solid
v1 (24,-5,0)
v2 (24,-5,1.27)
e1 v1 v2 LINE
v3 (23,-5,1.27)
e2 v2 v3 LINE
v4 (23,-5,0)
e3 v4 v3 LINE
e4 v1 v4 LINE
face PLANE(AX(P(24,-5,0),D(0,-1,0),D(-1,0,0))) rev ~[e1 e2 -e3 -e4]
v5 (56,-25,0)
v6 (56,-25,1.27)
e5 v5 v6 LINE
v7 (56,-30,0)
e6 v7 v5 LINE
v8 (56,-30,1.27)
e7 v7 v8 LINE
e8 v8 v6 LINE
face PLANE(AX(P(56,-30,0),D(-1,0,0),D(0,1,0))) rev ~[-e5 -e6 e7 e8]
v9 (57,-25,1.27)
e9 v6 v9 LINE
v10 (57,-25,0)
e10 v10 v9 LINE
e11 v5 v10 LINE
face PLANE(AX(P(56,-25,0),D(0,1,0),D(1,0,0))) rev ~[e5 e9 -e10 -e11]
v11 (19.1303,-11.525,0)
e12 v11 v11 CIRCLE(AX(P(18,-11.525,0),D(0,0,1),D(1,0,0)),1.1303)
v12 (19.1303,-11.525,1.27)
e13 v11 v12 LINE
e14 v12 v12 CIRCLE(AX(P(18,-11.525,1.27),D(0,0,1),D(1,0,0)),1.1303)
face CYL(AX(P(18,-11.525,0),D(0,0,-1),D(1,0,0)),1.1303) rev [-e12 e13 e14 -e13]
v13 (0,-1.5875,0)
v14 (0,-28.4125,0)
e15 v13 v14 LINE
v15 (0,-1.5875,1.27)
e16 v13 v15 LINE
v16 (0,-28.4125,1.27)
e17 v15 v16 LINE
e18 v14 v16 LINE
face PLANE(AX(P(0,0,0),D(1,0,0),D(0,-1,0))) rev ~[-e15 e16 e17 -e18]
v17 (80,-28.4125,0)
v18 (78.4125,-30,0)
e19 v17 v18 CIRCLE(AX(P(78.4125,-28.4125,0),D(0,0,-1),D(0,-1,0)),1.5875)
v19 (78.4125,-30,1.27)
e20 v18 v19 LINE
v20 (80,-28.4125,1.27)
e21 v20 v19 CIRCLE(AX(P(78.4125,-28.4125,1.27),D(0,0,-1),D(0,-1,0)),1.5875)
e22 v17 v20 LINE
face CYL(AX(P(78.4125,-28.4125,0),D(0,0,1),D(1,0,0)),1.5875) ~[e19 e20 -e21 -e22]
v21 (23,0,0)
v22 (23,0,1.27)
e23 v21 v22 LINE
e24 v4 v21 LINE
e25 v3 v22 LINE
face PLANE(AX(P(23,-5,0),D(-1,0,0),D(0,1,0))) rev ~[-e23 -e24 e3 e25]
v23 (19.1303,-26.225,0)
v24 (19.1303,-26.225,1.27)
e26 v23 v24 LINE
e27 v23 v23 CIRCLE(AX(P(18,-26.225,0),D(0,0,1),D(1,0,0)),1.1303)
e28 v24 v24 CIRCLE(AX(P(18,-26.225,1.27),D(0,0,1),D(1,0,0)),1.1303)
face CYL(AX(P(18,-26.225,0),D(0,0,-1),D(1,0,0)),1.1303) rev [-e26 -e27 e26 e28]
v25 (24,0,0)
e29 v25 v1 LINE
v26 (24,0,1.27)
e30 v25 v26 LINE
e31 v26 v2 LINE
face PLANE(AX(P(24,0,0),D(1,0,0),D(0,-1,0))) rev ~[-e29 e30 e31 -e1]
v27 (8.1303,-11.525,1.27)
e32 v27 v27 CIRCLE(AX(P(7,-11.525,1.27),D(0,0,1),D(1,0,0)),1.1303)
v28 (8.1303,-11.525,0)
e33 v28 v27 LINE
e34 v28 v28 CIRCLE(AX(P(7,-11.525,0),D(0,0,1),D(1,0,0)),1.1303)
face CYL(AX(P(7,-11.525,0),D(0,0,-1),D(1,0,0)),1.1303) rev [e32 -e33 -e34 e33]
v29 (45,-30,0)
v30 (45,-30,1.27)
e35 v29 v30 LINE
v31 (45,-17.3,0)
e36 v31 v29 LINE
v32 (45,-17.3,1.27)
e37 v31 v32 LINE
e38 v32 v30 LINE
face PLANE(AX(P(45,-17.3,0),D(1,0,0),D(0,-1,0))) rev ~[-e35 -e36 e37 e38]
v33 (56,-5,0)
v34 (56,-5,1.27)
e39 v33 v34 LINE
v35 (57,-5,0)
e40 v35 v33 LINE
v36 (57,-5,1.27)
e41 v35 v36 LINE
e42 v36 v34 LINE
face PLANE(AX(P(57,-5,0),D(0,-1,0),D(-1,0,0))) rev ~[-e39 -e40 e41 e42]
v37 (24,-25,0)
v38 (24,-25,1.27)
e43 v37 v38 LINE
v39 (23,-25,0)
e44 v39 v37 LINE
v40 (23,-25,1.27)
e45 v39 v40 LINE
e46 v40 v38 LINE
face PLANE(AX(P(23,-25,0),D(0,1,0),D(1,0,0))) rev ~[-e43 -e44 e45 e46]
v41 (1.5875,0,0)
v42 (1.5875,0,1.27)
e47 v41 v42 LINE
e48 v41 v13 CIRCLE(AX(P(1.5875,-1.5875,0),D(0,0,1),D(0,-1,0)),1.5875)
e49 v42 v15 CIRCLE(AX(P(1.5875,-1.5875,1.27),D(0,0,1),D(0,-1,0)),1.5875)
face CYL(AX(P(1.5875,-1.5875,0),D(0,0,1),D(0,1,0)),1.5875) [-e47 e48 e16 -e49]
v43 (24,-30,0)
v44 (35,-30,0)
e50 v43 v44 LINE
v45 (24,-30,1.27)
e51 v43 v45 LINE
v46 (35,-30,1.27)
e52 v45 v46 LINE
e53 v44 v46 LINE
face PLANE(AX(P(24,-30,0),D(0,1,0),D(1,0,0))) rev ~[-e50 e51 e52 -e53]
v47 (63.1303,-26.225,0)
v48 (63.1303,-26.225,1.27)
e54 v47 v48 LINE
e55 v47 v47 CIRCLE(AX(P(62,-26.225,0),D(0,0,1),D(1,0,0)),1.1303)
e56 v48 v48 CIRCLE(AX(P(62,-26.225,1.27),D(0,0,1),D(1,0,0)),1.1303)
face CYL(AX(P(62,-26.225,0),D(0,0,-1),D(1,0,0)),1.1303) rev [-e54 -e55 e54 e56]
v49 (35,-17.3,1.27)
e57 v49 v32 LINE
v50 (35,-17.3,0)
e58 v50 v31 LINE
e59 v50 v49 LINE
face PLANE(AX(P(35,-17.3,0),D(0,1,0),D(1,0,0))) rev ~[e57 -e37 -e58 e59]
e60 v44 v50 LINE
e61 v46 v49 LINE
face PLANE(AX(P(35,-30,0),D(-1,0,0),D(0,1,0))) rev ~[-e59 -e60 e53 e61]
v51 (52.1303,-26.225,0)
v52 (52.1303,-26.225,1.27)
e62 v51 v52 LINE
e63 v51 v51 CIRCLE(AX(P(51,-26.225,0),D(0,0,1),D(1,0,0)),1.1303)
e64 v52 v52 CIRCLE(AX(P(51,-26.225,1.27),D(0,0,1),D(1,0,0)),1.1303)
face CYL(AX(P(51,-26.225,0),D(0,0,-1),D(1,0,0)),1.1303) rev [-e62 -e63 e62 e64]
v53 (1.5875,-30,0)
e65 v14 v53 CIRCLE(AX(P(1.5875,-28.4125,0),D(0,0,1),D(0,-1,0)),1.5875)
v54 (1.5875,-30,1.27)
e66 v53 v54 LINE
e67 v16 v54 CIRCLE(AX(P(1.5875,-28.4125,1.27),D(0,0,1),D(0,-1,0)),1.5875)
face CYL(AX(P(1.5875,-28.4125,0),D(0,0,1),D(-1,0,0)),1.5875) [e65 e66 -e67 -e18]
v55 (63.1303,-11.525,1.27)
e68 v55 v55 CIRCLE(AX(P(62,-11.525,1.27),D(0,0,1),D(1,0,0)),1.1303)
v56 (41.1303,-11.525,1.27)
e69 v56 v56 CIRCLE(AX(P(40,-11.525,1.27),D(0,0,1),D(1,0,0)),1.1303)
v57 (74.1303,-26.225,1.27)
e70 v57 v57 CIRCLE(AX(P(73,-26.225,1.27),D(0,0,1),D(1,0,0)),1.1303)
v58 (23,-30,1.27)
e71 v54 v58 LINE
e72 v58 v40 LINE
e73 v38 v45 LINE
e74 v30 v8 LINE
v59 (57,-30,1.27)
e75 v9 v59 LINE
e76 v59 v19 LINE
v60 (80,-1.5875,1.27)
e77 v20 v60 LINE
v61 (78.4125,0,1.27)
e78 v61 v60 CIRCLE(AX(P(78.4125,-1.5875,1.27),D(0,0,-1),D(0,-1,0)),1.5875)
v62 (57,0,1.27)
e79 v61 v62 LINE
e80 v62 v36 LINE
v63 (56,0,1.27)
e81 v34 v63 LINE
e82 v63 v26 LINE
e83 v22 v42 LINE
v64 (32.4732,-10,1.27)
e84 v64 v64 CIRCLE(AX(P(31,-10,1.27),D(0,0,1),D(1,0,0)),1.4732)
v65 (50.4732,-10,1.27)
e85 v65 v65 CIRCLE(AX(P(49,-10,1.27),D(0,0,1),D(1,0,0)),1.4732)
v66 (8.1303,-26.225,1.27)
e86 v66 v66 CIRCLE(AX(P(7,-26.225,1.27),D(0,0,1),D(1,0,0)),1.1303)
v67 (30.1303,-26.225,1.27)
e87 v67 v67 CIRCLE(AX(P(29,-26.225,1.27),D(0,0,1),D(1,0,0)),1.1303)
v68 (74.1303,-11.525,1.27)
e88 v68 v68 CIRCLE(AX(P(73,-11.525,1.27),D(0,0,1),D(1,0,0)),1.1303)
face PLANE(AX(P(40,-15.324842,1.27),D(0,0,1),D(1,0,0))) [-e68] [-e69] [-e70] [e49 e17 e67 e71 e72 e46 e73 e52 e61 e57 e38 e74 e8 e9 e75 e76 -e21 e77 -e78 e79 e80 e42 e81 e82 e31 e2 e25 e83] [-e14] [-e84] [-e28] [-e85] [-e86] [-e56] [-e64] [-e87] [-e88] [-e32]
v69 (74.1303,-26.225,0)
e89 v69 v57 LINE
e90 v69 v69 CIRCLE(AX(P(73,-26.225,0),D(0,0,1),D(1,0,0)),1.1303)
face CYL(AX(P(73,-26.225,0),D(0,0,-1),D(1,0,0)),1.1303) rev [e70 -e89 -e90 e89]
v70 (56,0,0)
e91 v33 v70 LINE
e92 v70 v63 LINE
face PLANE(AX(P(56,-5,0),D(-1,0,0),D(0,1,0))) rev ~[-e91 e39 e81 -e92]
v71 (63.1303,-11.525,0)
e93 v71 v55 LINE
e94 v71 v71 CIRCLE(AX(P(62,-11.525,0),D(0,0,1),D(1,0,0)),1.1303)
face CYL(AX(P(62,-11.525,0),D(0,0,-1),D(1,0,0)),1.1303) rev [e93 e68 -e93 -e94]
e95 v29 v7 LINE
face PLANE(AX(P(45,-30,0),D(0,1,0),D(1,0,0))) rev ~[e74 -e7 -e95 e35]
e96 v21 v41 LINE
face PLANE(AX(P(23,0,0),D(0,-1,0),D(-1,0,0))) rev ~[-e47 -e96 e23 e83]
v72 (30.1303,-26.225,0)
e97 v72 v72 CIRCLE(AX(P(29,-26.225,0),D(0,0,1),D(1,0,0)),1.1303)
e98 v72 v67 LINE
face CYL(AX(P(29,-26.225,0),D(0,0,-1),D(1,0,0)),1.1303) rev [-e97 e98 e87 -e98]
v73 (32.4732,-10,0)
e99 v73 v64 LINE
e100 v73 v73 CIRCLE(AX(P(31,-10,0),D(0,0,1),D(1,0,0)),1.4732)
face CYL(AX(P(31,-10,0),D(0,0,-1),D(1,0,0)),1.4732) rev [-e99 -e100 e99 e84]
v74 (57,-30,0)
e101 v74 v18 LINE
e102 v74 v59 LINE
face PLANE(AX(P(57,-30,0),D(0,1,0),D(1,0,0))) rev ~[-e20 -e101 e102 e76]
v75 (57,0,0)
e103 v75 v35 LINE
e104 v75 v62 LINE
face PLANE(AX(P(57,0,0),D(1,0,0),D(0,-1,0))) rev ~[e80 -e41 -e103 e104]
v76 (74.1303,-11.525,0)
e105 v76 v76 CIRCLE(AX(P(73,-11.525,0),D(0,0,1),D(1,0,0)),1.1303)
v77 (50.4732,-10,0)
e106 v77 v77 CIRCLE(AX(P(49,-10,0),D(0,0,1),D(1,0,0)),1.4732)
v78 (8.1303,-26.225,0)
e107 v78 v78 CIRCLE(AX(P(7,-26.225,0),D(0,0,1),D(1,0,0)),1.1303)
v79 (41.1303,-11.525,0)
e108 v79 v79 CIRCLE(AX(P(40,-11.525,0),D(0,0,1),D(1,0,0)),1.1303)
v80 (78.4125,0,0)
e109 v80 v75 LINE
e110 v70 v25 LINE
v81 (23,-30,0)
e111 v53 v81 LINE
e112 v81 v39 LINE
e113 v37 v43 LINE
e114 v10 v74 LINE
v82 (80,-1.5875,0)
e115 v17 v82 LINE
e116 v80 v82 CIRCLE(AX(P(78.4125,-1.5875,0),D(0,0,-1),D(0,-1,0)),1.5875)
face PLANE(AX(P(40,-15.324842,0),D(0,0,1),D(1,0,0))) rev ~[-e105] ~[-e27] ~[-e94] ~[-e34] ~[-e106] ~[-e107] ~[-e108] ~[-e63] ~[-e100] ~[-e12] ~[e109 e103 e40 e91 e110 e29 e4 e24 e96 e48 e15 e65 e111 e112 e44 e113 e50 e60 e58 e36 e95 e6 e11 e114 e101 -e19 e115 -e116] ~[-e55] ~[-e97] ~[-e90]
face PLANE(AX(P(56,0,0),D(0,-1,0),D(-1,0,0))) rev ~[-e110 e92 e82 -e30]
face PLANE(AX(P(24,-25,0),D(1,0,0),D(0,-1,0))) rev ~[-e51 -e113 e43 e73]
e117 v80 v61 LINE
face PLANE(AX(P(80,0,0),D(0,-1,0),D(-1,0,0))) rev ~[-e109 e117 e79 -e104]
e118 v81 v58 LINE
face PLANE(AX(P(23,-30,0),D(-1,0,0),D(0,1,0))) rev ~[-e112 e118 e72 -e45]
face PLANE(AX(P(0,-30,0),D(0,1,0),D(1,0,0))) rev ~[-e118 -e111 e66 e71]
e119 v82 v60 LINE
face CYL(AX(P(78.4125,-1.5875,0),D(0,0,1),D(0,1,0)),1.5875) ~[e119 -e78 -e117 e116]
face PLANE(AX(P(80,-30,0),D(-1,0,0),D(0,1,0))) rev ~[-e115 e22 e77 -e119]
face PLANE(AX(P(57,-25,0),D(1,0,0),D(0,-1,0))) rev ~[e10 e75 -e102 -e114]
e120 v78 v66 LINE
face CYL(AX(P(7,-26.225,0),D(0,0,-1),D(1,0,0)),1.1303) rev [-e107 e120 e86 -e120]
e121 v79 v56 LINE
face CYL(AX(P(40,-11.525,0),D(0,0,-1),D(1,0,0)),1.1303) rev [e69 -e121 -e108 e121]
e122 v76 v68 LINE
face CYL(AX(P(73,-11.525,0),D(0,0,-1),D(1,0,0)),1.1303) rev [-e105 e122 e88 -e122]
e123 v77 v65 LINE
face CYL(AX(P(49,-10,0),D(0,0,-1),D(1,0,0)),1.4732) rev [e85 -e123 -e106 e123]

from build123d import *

# Parameters (mm, degrees)
SKETCH1_R           = 1.1303
SKETCH1_R_2         = 1.4732
BOSS_EXTRUDE1_DEPTH = 1.27
FILLET1_R           = 1.5875


with BuildPart() as part:
    # Sketch1 → Boss-Extrude1 (new body)
    with BuildSketch(Plane.XY):
        Polygon((23, 0), (0, 0), (0, -30), (23, -30), (23, -25), (24, -25), (24, -30), (35, -30), (35, -17.3), (45, -17.3), (45, -30), (56, -30), (56, -25), (57, -25), (57, -30), (80, -30), (80, 0), (57, 0), (57, -5), (56, -5), (56, 0), (24, 0), (24, -5), (23, -5), align=None)
        with Locations((7, -26.225)):
            Circle(SKETCH1_R, mode=Mode.SUBTRACT)
        with Locations((18, -26.225)):
            Circle(SKETCH1_R, mode=Mode.SUBTRACT)
        with Locations((29, -26.225)):
            Circle(SKETCH1_R, mode=Mode.SUBTRACT)
        with Locations((51, -26.225)):
            Circle(SKETCH1_R, mode=Mode.SUBTRACT)
        with Locations((62, -26.225)):
            Circle(SKETCH1_R, mode=Mode.SUBTRACT)
        with Locations((73, -26.225)):
            Circle(SKETCH1_R, mode=Mode.SUBTRACT)
        with Locations((7, -11.525)):
            Circle(SKETCH1_R, mode=Mode.SUBTRACT)
        with Locations((18, -11.525)):
            Circle(SKETCH1_R, mode=Mode.SUBTRACT)
        with Locations((31, -10)):
            Circle(SKETCH1_R_2, mode=Mode.SUBTRACT)
        with Locations((40, -11.525)):
            Circle(SKETCH1_R, mode=Mode.SUBTRACT)
        with Locations((49, -10)):
            Circle(SKETCH1_R_2, mode=Mode.SUBTRACT)
        with Locations((62, -11.525)):
            Circle(SKETCH1_R, mode=Mode.SUBTRACT)
        with Locations((73, -11.525)):
            Circle(SKETCH1_R, mode=Mode.SUBTRACT)
    extrude(amount=BOSS_EXTRUDE1_DEPTH)

    # Fillet1
    fillet1_edges = [part.edges().sort_by_distance(p)[0] for p in [
        (0, -30, 0.635),
        (0, 0, 0.635),
        (80, 0, 0.635),
        (80, -30, 0.635),
    ]]
    fillet(fillet1_edges, radius=FILLET1_R)


solid = part.part
